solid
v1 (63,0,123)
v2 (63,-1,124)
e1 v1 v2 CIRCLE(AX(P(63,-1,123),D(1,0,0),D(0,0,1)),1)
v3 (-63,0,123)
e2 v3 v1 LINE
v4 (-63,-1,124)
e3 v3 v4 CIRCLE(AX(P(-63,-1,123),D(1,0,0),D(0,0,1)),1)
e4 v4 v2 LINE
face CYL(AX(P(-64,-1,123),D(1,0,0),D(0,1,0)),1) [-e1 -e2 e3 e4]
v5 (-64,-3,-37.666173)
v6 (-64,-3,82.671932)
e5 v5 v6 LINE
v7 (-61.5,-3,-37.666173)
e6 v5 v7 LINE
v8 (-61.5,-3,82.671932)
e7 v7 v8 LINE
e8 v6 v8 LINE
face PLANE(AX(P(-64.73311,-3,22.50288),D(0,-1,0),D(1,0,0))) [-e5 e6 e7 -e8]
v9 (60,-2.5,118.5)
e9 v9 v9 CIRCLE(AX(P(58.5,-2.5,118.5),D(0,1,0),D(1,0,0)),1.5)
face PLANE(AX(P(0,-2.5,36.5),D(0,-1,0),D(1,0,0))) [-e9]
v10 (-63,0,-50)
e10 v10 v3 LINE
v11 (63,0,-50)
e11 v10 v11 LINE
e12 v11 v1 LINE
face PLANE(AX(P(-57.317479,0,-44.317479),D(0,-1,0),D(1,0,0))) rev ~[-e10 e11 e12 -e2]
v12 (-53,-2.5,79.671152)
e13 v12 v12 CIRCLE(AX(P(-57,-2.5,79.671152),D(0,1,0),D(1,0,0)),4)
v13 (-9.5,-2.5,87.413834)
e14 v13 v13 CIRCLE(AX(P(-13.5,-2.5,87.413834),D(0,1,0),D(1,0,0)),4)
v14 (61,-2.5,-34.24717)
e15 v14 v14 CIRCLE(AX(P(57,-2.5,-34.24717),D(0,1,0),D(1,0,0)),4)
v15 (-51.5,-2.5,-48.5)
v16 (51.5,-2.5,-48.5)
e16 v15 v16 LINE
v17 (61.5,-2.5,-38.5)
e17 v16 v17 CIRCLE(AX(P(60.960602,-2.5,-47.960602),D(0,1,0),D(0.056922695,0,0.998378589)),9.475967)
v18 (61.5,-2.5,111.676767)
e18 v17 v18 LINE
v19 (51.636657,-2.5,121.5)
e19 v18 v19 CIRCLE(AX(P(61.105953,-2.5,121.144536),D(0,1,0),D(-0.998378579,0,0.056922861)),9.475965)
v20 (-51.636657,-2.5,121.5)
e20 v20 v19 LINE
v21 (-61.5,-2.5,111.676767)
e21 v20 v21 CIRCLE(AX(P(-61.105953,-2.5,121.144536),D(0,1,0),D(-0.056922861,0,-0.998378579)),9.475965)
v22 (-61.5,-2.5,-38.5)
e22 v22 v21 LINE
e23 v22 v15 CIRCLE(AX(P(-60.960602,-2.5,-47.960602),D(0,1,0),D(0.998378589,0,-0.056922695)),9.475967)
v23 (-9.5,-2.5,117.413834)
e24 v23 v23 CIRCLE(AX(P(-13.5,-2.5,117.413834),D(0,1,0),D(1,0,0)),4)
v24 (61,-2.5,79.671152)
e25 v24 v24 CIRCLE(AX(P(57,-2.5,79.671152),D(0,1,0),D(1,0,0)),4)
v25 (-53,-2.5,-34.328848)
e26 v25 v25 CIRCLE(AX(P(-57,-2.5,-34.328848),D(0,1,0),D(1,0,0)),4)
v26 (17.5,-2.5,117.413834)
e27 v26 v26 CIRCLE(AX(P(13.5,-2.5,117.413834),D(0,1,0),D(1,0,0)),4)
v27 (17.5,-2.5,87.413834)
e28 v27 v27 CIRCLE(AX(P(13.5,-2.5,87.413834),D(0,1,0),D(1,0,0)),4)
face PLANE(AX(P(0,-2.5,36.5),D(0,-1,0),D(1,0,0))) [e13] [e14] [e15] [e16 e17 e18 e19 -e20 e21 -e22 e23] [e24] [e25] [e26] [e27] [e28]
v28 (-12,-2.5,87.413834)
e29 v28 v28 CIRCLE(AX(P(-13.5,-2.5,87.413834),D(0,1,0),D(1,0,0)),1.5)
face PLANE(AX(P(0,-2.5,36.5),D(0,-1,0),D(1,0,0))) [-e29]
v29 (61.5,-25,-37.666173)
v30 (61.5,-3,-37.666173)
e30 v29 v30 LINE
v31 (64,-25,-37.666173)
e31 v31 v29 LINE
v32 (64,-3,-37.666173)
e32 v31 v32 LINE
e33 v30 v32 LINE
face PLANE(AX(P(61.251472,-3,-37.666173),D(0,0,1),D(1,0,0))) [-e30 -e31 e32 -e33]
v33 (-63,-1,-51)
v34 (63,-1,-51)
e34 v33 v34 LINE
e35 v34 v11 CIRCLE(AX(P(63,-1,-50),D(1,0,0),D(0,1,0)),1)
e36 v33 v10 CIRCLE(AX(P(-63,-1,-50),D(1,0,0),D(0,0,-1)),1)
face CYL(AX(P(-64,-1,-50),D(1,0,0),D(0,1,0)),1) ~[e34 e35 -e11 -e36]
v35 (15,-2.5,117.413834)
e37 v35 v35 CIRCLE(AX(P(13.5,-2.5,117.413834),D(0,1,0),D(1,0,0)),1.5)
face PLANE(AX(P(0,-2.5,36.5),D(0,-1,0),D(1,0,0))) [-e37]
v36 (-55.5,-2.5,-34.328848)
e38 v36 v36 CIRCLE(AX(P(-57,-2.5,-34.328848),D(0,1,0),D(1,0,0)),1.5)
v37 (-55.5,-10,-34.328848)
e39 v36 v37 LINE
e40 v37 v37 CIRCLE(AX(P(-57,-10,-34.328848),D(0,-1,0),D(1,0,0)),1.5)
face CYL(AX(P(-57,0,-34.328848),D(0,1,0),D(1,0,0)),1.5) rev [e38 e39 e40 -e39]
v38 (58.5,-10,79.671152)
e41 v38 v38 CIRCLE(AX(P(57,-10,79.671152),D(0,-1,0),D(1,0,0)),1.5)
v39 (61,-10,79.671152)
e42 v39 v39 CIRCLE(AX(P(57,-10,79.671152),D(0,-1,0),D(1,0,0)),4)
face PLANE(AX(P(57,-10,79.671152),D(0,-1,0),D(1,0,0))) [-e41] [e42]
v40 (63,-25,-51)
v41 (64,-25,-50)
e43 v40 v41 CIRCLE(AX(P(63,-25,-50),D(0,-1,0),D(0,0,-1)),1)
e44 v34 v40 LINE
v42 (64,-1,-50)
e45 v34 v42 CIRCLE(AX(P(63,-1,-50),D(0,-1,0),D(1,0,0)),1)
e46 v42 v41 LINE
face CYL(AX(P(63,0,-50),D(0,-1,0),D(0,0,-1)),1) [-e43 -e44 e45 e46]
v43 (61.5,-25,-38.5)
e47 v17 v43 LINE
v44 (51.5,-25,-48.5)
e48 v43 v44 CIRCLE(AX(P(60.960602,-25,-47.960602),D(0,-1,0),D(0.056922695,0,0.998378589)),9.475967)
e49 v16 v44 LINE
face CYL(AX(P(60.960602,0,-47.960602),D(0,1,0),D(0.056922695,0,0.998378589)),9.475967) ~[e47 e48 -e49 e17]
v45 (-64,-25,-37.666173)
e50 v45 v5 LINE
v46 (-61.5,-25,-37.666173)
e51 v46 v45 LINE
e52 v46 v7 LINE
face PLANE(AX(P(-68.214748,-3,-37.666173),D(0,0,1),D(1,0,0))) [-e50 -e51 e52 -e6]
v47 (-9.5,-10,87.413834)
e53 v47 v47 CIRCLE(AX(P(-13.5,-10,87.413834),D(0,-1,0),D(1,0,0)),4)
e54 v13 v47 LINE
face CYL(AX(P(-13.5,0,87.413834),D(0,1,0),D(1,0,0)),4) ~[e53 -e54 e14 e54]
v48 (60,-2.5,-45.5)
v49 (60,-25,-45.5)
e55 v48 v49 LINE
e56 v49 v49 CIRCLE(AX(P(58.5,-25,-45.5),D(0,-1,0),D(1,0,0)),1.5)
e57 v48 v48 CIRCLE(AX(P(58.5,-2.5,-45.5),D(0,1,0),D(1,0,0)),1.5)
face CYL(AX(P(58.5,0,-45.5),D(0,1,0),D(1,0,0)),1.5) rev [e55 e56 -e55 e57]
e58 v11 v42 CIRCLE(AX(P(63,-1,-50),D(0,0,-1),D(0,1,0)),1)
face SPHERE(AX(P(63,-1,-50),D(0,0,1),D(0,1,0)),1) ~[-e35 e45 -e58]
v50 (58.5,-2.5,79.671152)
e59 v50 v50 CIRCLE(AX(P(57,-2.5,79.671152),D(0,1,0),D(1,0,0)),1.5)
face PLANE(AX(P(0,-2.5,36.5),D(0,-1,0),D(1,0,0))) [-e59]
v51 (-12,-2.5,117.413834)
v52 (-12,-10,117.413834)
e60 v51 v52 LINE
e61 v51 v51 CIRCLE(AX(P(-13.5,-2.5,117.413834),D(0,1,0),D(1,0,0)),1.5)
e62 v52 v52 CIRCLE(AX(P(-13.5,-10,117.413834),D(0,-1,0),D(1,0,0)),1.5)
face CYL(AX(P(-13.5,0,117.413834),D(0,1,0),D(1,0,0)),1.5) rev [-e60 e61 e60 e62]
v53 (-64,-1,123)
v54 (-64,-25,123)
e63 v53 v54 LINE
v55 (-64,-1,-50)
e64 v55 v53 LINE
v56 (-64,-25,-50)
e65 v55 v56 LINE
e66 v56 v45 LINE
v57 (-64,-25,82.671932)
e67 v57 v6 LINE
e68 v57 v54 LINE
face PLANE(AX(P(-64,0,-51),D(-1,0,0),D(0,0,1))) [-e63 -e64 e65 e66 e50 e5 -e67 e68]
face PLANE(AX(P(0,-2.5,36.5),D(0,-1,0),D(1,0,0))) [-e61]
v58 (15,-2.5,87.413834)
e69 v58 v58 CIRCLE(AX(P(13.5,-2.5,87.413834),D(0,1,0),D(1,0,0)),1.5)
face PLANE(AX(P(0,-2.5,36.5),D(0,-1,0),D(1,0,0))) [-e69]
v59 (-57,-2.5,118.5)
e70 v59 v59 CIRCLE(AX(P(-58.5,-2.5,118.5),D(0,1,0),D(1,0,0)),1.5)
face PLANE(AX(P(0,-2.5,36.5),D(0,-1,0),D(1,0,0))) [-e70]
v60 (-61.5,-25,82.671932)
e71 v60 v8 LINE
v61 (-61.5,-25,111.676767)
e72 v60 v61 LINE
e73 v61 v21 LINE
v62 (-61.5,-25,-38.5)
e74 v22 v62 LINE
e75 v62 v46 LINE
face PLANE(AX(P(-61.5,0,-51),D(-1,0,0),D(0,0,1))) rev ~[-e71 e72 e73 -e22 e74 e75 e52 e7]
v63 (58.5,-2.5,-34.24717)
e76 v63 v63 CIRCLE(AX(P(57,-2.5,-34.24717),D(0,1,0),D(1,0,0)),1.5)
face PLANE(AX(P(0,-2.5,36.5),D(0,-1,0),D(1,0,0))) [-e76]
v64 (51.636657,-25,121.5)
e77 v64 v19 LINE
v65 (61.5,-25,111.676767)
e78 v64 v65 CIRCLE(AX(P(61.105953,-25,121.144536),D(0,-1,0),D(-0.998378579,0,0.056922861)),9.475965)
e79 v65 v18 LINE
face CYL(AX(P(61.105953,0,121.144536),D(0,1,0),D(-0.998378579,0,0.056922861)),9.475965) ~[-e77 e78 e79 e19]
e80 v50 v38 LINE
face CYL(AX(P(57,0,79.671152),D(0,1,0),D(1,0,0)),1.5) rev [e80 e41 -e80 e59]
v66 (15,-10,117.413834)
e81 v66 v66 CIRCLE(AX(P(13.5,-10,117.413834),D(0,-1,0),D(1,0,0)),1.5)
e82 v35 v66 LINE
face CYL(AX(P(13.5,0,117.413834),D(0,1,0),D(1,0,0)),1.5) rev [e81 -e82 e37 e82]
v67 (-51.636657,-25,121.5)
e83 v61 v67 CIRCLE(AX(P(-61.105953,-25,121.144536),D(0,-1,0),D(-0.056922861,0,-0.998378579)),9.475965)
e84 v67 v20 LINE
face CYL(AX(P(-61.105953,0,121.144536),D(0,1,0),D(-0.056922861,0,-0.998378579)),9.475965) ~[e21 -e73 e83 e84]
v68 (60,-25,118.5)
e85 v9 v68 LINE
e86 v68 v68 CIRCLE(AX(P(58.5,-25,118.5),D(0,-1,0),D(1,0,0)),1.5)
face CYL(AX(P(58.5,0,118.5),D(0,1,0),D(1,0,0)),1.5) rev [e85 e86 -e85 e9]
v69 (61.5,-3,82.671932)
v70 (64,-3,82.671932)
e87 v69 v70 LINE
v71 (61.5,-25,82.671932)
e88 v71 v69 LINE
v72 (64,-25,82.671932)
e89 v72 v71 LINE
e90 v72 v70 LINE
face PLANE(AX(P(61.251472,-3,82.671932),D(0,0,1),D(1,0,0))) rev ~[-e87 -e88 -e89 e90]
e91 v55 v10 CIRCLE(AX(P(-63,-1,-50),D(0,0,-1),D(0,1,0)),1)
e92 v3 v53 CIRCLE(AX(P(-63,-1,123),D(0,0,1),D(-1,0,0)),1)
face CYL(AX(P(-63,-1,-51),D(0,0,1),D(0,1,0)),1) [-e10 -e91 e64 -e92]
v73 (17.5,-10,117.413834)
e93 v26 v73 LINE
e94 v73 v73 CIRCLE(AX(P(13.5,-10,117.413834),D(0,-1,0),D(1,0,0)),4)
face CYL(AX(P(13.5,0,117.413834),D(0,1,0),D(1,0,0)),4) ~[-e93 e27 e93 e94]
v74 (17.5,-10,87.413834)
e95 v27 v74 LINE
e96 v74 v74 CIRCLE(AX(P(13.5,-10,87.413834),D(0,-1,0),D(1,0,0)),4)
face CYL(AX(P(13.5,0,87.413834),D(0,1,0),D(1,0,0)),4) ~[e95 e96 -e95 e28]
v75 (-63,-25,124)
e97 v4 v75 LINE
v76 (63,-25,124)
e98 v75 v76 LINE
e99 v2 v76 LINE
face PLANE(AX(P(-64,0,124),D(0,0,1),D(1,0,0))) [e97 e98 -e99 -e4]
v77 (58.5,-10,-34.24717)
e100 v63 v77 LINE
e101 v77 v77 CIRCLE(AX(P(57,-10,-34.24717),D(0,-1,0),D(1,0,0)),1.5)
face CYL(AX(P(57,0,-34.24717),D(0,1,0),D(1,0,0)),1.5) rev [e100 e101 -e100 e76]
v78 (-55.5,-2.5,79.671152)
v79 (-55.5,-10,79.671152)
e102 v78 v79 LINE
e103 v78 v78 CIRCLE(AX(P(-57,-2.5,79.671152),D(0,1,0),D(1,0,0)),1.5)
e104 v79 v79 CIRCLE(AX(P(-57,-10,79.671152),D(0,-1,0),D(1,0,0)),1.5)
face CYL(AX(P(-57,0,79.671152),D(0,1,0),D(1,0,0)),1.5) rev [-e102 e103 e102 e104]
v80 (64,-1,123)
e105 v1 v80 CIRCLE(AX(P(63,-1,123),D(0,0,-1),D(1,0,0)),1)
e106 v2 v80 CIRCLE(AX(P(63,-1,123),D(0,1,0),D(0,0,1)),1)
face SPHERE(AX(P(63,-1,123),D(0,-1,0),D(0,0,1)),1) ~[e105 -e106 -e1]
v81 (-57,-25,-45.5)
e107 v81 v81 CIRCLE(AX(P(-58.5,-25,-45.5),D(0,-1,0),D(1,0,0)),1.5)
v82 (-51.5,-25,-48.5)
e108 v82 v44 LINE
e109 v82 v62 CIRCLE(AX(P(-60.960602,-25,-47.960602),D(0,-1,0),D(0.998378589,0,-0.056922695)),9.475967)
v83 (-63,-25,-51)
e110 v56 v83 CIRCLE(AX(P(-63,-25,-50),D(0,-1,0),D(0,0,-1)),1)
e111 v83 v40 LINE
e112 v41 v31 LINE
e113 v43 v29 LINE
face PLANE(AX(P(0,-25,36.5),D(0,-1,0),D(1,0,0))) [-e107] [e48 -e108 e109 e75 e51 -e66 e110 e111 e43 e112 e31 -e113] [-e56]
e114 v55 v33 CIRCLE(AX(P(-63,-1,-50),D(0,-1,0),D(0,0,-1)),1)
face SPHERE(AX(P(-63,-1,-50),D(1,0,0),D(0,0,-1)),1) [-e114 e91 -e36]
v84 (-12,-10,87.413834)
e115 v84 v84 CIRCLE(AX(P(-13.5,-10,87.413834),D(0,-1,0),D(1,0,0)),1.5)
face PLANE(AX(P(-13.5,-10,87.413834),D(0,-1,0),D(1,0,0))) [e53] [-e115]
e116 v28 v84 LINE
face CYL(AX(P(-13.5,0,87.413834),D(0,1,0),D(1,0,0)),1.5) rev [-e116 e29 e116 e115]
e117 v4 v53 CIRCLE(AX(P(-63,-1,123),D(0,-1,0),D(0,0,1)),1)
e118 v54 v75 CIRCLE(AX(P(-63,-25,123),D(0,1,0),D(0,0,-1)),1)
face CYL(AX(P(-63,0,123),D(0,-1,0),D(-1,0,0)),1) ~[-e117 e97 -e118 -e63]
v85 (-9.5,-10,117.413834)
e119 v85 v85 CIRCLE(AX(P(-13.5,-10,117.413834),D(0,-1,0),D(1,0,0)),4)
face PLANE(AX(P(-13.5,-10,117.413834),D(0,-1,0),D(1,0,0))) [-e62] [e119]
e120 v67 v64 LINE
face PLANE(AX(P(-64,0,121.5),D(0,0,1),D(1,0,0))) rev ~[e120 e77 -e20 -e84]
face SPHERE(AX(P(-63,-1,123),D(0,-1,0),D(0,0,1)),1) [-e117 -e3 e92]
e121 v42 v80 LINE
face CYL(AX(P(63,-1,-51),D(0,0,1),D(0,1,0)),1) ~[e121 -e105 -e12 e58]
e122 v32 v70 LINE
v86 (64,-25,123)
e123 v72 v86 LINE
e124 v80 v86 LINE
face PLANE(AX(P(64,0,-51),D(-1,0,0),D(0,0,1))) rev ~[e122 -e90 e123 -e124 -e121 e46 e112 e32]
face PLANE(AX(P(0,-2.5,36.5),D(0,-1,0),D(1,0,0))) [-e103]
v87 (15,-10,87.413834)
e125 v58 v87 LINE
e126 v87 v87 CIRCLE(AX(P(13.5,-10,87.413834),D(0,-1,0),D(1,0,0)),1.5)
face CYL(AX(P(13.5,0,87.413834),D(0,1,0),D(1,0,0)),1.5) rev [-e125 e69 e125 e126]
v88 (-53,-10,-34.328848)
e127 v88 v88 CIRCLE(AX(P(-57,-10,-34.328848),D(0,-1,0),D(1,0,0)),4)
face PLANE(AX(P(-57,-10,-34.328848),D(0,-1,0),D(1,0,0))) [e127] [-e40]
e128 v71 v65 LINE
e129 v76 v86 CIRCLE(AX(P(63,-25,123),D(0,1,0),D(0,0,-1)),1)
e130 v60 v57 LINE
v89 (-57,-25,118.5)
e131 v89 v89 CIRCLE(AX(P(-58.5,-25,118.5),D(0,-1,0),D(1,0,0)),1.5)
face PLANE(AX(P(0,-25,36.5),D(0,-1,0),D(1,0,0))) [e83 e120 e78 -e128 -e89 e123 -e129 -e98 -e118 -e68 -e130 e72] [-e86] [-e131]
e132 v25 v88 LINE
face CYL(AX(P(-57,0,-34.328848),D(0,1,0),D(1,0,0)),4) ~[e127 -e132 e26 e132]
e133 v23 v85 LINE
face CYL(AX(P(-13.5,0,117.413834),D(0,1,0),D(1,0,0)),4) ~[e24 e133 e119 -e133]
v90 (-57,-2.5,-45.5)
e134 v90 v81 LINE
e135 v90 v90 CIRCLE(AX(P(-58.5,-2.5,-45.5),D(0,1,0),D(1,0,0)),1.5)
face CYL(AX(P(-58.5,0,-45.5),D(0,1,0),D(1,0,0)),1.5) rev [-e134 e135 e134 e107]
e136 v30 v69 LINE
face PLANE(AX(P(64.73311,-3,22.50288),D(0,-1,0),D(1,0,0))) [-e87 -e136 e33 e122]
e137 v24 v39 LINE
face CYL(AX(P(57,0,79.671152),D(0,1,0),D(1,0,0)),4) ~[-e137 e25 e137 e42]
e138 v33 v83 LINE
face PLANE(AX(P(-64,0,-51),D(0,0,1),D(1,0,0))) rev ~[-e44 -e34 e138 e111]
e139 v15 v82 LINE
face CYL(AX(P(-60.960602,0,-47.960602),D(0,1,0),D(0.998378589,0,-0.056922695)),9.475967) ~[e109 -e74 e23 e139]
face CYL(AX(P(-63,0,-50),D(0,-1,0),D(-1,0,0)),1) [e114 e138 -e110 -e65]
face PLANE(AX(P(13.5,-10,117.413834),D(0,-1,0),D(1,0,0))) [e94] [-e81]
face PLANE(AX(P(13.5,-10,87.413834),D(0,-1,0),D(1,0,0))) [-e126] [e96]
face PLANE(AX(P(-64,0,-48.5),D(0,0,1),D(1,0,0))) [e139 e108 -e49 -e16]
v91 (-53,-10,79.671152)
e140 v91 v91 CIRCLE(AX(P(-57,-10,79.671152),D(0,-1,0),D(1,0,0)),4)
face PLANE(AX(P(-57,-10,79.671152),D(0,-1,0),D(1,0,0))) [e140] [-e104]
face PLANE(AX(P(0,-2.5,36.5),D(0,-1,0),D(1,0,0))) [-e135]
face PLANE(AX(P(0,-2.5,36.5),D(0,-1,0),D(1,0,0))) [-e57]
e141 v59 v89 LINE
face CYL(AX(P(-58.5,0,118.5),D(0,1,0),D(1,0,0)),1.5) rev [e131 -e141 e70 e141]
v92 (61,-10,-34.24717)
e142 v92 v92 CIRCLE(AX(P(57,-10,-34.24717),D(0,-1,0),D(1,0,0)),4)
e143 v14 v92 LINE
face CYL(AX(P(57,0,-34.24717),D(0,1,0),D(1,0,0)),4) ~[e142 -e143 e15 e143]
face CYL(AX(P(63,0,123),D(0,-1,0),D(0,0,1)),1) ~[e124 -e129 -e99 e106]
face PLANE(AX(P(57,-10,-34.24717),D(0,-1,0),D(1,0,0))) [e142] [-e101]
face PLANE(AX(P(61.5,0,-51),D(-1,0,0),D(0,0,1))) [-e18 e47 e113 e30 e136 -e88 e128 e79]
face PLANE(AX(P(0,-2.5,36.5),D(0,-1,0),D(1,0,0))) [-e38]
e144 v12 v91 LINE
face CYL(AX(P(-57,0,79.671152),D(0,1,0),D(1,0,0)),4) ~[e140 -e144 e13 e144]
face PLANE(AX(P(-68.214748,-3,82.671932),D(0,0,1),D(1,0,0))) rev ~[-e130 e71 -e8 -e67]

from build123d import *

# Parameters (mm, degrees)
F1_W      = 128
F1_H      = 175
F2_DEPTH  = 25
F3_T      = -2.5
F4_R      = 4
F4_R_2    = 1.5
F5_DEPTH  = 10
F7_W      = 6.963276
F7_H      = 120.338105
F8_DEPTH  = 35
F9_R      = 1.5
F10_DEPTH = 25
F11_R     = 1


with BuildPart() as f2:
    # F1 (on Front) → F2 (new body)
    with BuildSketch(Plane.XZ):
        with Locations((0, 36.5)):
            Rectangle(F1_W, F1_H)
    extrude(amount=F2_DEPTH)

    # F3
    f3_openings = [f2.faces().sort_by_distance(p)[0] for p in [
        (0, -25, 36.5),
    ]]
    offset(amount=F3_T, openings=f3_openings)

    # F4 (on Front) → F5 (join)
    with BuildSketch(Plane.XZ):
        with Locations((-57, 79.671152)):
            Circle(F4_R)
        with Locations((-57, 79.671152)):
            Circle(F4_R_2, mode=Mode.SUBTRACT)
        with Locations((57, 79.671152)):
            Circle(F4_R)
        with Locations((57, 79.671152)):
            Circle(F4_R_2, mode=Mode.SUBTRACT)
        with Locations((57, -34.24717)):
            Circle(F4_R)
        with Locations((57, -34.24717)):
            Circle(F4_R_2, mode=Mode.SUBTRACT)
        with Locations((-57, -34.328848)):
            Circle(F4_R)
        with Locations((-57, -34.328848)):
            Circle(F4_R_2, mode=Mode.SUBTRACT)
        with Locations((-13.5, 117.413834)):
            Circle(F4_R)
        with Locations((-13.5, 117.413834)):
            Circle(F4_R_2, mode=Mode.SUBTRACT)
        with Locations((13.5, 117.413834)):
            Circle(F4_R)
        with Locations((13.5, 117.413834)):
            Circle(F4_R_2, mode=Mode.SUBTRACT)
        with Locations((-13.5, 87.413834)):
            Circle(F4_R)
        with Locations((-13.5, 87.413834)):
            Circle(F4_R_2, mode=Mode.SUBTRACT)
        with Locations((13.5, 87.413834)):
            Circle(F4_R)
        with Locations((13.5, 87.413834)):
            Circle(F4_R_2, mode=Mode.SUBTRACT)
    extrude(amount=F5_DEPTH)

    # F7 (on offset) → F8 (cut)
    with BuildSketch(Plane.XZ.offset(3)):
        with Locations((-64.73311, 22.50288)):
            Rectangle(F7_W, F7_H)
        with Locations((64.73311, 22.50288)):
            Rectangle(F7_W, F7_H)
    extrude(amount=F8_DEPTH, mode=Mode.SUBTRACT)

    # F9 (on Front) → F10 (join)
    with BuildSketch(Plane.XZ):
        with BuildLine():
            Line((-61.5, -38.5), (-61.5, -48.5))
            Line((-61.5, -48.5), (-51.5, -48.5))
            ThreePointArc((-51.5, -48.5), (-54.260082, -41.260082), (-61.5, -38.5))
        make_face()
        with Locations((-58.5, -45.5)):
            Circle(F9_R, mode=Mode.SUBTRACT)
        with BuildLine():
            ThreePointArc((61.5, -38.5), (54.260082, -41.260082), (51.5, -48.5))
            Line((51.5, -48.5), (61.5, -48.5))
            Line((61.5, -48.5), (61.5, -38.5))
        make_face()
        with Locations((58.5, -45.5)):
            Circle(F9_R, mode=Mode.SUBTRACT)
        with BuildLine():
            ThreePointArc((-61.645352, 111.683935), (-54.405433, 114.444017), (-51.645352, 121.683935))
            Line((-51.645352, 121.683935), (-61.645352, 121.683935))
            Line((-61.645352, 121.683935), (-61.645352, 111.683935))
        make_face()
        with Locations((-58.5, 118.5)):
            Circle(F9_R, mode=Mode.SUBTRACT)
        with BuildLine():
            Line((61.645352, 111.683935), (61.645352, 121.683935))
            Line((61.645352, 121.683935), (51.645352, 121.683935))
            ThreePointArc((51.645352, 121.683935), (54.405433, 114.444017), (61.645352, 111.683935))
        make_face()
        with Locations((58.5, 118.5)):
            Circle(F9_R, mode=Mode.SUBTRACT)
    extrude(amount=F10_DEPTH)

    # F11
    f11_edges = [f2.edges().sort_by_distance(p)[0] for p in [
        (-64, -12.5, 124),
        (64, -12.5, 124),
        (0, 0, 124),
        (64, 0, 36.5),
        (0, 0, -51),
        (64, -12.5, -51),
        (-64, -12.5, -51),
        (-64, 0, 36.5),
    ]]
    fillet(f11_edges, radius=F11_R)


solid = f2.part
